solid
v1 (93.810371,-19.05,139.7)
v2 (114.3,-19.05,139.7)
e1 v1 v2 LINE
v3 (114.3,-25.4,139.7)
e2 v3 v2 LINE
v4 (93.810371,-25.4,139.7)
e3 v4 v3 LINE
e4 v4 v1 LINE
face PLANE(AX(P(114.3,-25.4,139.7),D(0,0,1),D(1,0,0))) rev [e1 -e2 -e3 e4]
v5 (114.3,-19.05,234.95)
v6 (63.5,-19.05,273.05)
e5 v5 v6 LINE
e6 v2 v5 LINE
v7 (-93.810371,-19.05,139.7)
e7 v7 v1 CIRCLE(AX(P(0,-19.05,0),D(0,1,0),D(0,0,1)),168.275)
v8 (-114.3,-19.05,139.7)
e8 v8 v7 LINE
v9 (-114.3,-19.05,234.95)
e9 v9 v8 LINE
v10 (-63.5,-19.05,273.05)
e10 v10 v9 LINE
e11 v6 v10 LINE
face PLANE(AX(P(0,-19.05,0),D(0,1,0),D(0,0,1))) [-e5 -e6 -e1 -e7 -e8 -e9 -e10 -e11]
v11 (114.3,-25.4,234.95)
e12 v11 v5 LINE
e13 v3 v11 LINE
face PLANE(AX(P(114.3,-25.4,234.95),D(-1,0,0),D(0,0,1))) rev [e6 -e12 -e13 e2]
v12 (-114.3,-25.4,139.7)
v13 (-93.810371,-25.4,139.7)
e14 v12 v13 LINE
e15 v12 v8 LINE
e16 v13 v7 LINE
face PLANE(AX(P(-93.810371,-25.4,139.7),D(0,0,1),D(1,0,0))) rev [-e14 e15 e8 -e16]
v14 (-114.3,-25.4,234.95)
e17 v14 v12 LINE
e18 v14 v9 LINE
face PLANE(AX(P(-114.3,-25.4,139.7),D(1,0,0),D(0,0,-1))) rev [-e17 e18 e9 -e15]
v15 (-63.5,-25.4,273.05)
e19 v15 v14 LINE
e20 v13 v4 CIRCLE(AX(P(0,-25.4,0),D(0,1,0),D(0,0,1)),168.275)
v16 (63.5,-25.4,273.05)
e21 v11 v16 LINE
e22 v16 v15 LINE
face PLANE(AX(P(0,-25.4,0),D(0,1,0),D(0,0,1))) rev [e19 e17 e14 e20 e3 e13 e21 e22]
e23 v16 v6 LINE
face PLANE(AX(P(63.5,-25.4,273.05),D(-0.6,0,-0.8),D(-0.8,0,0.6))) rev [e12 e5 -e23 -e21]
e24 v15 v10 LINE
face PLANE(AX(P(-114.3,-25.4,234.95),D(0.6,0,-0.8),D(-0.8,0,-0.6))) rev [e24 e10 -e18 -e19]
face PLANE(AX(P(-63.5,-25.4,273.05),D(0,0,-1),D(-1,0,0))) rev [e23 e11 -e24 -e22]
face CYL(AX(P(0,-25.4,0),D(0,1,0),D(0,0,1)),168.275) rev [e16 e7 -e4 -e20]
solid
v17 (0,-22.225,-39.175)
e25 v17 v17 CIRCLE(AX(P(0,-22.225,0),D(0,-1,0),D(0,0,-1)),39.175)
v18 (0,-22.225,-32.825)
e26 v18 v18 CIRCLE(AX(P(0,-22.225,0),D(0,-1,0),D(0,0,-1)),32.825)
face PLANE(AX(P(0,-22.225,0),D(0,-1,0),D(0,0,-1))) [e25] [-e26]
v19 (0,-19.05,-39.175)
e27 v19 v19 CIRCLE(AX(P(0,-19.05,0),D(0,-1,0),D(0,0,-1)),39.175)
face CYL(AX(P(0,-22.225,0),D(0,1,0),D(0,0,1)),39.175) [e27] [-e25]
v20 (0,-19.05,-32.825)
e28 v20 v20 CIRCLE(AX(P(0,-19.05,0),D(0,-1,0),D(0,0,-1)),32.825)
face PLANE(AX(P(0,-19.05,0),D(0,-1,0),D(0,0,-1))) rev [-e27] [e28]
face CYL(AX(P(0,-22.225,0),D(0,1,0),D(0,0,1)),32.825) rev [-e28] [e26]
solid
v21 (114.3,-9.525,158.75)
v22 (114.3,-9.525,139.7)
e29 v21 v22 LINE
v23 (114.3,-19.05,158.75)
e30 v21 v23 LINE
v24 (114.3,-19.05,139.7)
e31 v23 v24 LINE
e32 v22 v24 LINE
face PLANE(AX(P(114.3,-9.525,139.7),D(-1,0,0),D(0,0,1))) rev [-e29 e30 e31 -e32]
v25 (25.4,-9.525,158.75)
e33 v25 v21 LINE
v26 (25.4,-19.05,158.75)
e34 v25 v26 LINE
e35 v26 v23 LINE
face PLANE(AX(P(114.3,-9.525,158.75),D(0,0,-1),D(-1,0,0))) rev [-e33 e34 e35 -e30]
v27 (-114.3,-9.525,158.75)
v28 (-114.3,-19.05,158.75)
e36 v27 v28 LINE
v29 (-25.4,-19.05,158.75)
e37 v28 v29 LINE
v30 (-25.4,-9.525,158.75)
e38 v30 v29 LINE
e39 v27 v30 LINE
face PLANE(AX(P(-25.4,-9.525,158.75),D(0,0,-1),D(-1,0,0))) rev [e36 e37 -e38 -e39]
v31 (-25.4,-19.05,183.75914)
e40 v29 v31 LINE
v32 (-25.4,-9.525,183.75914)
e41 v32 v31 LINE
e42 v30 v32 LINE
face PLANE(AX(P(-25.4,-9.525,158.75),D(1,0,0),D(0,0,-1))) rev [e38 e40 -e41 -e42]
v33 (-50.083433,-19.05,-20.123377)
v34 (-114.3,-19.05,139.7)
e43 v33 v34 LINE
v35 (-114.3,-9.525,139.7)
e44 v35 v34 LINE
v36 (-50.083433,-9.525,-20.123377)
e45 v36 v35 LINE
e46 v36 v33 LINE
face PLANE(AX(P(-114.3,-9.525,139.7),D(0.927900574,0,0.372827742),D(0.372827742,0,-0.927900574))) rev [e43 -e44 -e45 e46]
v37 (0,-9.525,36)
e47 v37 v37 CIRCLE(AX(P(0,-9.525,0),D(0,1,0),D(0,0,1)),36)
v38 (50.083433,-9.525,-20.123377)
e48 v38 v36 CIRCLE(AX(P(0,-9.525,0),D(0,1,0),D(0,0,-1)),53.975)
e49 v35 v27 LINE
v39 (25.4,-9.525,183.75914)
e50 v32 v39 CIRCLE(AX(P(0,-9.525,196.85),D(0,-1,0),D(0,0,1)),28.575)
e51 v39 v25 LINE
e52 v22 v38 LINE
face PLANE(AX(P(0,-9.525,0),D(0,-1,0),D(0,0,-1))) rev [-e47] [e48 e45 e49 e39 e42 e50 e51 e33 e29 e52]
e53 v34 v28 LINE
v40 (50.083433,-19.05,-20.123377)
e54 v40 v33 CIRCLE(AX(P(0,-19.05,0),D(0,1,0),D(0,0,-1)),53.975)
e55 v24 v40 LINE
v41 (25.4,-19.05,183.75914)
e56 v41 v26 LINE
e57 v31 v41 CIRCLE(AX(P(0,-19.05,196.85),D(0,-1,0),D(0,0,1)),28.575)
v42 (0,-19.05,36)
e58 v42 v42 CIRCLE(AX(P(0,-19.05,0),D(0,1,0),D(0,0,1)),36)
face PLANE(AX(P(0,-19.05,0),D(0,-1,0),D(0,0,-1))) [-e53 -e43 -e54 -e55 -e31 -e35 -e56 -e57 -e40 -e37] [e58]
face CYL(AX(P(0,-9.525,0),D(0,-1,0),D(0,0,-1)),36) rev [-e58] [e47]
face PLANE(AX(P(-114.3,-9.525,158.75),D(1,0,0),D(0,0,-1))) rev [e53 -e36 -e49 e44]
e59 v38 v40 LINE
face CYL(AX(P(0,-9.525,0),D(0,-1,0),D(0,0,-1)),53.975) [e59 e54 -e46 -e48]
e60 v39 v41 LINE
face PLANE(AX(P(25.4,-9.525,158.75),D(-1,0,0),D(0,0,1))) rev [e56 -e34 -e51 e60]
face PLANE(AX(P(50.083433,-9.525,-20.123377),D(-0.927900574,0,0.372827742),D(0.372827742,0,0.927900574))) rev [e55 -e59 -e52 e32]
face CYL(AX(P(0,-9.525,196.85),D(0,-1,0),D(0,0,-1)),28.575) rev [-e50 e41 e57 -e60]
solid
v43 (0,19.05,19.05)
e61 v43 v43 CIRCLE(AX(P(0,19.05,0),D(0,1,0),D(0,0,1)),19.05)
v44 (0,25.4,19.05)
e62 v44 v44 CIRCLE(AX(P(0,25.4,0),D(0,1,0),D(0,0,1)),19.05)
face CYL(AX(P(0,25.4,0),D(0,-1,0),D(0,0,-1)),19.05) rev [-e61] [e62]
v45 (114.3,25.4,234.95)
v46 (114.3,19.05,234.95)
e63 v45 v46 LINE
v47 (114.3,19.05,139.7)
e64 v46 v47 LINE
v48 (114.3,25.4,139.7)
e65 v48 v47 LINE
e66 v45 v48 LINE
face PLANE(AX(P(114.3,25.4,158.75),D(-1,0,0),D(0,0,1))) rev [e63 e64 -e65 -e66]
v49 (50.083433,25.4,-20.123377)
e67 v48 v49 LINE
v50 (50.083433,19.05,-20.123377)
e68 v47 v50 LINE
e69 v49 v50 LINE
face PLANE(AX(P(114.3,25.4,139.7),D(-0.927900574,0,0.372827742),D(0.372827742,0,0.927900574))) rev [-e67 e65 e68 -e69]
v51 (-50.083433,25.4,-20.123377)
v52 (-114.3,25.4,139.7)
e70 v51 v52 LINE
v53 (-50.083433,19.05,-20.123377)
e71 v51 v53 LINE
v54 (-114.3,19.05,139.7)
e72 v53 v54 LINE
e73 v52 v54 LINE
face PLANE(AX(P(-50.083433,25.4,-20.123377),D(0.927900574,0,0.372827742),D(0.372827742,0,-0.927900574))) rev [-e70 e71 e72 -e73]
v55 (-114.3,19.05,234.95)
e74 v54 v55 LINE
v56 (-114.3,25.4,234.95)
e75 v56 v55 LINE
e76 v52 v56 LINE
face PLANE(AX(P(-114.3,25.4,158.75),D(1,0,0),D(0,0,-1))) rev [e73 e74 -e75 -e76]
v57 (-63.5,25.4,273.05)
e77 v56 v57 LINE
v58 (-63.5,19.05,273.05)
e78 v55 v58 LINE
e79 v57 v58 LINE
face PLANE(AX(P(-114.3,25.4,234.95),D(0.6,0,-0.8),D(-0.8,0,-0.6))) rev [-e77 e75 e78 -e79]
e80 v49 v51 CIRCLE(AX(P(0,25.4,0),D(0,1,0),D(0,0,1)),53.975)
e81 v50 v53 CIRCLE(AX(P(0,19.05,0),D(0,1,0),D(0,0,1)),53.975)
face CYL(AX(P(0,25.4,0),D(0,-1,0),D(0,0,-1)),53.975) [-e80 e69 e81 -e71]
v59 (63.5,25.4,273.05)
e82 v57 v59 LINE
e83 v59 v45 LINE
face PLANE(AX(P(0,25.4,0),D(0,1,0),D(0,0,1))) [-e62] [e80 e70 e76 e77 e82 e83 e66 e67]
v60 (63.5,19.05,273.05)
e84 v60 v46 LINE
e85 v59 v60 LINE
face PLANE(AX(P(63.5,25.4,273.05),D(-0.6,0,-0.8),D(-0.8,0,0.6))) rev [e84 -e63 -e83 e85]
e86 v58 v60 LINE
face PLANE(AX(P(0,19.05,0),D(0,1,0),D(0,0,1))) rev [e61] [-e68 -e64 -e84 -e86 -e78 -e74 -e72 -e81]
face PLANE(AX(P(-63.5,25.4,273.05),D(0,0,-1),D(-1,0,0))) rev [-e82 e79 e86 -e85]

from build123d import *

# Parameters (mm, degrees)
SKETCH3_R           = 36
BOSS_EXTRUDE1_DEPTH = 9.525
SKETCH5_R           = 19.05
BOSS_EXTRUDE2_DEPTH = 6.35
BOSS_EXTRUDE5_DEPTH = 6.35
SKETCH10_R          = 39.175
SKETCH10_R_2        = 32.825
BOSS_EXTRUDE6_DEPTH = 3.175


with BuildPart() as part:
    # Sketch3 → Boss-Extrude1 (new body)
    with BuildSketch(Plane(origin=(0, -19.05, 0), x_dir=(1, 0, 0), z_dir=(0, 1, 0))):
        with BuildLine():
            Line((50.083433466, 20.123377381), (114.3, -139.7))
            Line((114.3, -139.7), (114.3, -158.75))
            Line((114.3, -158.75), (25.4, -158.75))
            Line((25.4, -158.75), (25.4, -183.759139639))
            ThreePointArc((25.4, -183.759139639), (0, -168.275), (-25.4, -183.759139639))
            Line((-25.4, -183.759139639), (-25.4, -158.75))
            Line((-25.4, -158.75), (-114.3, -158.75))
            Line((-114.3, -158.75), (-114.3, -139.7))
            Line((-114.3, -139.7), (-50.083433466, 20.123377381))
            ThreePointArc((-50.083433466, 20.123377381), (-30.225331519, 44.718340304), (0, 53.975))
            ThreePointArc((0, 53.975), (30.225331519, 44.718340304), (50.083433466, 20.123377381))
        make_face()
        Circle(SKETCH3_R, mode=Mode.SUBTRACT)
    extrude(amount=BOSS_EXTRUDE1_DEPTH)


with BuildPart() as body_2:
    # Sketch5 → Boss-Extrude2 (new body)
    with BuildSketch(Plane(origin=(0, 19.05, 0), x_dir=(1, 0, 0), z_dir=(0, 1, 0))):
        with BuildLine():
            Line((-114.3, -158.75), (-114.3, -234.95))
            Line((-114.3, -234.95), (-63.5, -273.05))
            Line((-63.5, -273.05), (63.5, -273.05))
            Line((63.5, -273.05), (114.3, -234.95))
            Line((114.3, -234.95), (114.3, -158.75))
            Line((114.3, -158.75), (114.3, -139.7))
            Line((114.3, -139.7), (50.083433466, 20.123377381))
            ThreePointArc((50.083433466, 20.123377381), (0, 53.975), (-50.083433466, 20.123377381))
            Line((-50.083433466, 20.123377381), (-114.3, -139.7))
            Line((-114.3, -139.7), (-114.3, -158.75))
        make_face()
        Circle(SKETCH5_R, mode=Mode.SUBTRACT)
    extrude(amount=BOSS_EXTRUDE2_DEPTH)


with BuildPart() as body_3:
    # Sketch9 → Boss-Extrude5 (new body)
    with BuildSketch(Plane.XZ.offset(19.05)):
        with BuildLine():
            Line((-114.3, 139.7), (-114.3, 234.95))
            Line((-114.3, 234.95), (-63.5, 273.05))
            Line((-63.5, 273.05), (63.5, 273.05))
            Line((63.5, 273.05), (114.3, 234.95))
            Line((114.3, 234.95), (114.3, 139.7))
            Line((114.3, 139.7), (93.810370562, 139.7))
            ThreePointArc((93.810370562, 139.7), (0, 168.275), (-93.810370562, 139.7))
            Line((-93.810370562, 139.7), (-114.3, 139.7))
        make_face()
    extrude(amount=BOSS_EXTRUDE5_DEPTH)


with BuildPart() as body_4:
    # Sketch10 → Boss-Extrude6 (new body)
    with BuildSketch(Plane.XZ.offset(19.05)):
        Circle(SKETCH10_R)
        Circle(SKETCH10_R_2, mode=Mode.SUBTRACT)
    extrude(amount=BOSS_EXTRUDE6_DEPTH)


solid = Compound([part.part, body_2.part, body_3.part, body_4.part])
